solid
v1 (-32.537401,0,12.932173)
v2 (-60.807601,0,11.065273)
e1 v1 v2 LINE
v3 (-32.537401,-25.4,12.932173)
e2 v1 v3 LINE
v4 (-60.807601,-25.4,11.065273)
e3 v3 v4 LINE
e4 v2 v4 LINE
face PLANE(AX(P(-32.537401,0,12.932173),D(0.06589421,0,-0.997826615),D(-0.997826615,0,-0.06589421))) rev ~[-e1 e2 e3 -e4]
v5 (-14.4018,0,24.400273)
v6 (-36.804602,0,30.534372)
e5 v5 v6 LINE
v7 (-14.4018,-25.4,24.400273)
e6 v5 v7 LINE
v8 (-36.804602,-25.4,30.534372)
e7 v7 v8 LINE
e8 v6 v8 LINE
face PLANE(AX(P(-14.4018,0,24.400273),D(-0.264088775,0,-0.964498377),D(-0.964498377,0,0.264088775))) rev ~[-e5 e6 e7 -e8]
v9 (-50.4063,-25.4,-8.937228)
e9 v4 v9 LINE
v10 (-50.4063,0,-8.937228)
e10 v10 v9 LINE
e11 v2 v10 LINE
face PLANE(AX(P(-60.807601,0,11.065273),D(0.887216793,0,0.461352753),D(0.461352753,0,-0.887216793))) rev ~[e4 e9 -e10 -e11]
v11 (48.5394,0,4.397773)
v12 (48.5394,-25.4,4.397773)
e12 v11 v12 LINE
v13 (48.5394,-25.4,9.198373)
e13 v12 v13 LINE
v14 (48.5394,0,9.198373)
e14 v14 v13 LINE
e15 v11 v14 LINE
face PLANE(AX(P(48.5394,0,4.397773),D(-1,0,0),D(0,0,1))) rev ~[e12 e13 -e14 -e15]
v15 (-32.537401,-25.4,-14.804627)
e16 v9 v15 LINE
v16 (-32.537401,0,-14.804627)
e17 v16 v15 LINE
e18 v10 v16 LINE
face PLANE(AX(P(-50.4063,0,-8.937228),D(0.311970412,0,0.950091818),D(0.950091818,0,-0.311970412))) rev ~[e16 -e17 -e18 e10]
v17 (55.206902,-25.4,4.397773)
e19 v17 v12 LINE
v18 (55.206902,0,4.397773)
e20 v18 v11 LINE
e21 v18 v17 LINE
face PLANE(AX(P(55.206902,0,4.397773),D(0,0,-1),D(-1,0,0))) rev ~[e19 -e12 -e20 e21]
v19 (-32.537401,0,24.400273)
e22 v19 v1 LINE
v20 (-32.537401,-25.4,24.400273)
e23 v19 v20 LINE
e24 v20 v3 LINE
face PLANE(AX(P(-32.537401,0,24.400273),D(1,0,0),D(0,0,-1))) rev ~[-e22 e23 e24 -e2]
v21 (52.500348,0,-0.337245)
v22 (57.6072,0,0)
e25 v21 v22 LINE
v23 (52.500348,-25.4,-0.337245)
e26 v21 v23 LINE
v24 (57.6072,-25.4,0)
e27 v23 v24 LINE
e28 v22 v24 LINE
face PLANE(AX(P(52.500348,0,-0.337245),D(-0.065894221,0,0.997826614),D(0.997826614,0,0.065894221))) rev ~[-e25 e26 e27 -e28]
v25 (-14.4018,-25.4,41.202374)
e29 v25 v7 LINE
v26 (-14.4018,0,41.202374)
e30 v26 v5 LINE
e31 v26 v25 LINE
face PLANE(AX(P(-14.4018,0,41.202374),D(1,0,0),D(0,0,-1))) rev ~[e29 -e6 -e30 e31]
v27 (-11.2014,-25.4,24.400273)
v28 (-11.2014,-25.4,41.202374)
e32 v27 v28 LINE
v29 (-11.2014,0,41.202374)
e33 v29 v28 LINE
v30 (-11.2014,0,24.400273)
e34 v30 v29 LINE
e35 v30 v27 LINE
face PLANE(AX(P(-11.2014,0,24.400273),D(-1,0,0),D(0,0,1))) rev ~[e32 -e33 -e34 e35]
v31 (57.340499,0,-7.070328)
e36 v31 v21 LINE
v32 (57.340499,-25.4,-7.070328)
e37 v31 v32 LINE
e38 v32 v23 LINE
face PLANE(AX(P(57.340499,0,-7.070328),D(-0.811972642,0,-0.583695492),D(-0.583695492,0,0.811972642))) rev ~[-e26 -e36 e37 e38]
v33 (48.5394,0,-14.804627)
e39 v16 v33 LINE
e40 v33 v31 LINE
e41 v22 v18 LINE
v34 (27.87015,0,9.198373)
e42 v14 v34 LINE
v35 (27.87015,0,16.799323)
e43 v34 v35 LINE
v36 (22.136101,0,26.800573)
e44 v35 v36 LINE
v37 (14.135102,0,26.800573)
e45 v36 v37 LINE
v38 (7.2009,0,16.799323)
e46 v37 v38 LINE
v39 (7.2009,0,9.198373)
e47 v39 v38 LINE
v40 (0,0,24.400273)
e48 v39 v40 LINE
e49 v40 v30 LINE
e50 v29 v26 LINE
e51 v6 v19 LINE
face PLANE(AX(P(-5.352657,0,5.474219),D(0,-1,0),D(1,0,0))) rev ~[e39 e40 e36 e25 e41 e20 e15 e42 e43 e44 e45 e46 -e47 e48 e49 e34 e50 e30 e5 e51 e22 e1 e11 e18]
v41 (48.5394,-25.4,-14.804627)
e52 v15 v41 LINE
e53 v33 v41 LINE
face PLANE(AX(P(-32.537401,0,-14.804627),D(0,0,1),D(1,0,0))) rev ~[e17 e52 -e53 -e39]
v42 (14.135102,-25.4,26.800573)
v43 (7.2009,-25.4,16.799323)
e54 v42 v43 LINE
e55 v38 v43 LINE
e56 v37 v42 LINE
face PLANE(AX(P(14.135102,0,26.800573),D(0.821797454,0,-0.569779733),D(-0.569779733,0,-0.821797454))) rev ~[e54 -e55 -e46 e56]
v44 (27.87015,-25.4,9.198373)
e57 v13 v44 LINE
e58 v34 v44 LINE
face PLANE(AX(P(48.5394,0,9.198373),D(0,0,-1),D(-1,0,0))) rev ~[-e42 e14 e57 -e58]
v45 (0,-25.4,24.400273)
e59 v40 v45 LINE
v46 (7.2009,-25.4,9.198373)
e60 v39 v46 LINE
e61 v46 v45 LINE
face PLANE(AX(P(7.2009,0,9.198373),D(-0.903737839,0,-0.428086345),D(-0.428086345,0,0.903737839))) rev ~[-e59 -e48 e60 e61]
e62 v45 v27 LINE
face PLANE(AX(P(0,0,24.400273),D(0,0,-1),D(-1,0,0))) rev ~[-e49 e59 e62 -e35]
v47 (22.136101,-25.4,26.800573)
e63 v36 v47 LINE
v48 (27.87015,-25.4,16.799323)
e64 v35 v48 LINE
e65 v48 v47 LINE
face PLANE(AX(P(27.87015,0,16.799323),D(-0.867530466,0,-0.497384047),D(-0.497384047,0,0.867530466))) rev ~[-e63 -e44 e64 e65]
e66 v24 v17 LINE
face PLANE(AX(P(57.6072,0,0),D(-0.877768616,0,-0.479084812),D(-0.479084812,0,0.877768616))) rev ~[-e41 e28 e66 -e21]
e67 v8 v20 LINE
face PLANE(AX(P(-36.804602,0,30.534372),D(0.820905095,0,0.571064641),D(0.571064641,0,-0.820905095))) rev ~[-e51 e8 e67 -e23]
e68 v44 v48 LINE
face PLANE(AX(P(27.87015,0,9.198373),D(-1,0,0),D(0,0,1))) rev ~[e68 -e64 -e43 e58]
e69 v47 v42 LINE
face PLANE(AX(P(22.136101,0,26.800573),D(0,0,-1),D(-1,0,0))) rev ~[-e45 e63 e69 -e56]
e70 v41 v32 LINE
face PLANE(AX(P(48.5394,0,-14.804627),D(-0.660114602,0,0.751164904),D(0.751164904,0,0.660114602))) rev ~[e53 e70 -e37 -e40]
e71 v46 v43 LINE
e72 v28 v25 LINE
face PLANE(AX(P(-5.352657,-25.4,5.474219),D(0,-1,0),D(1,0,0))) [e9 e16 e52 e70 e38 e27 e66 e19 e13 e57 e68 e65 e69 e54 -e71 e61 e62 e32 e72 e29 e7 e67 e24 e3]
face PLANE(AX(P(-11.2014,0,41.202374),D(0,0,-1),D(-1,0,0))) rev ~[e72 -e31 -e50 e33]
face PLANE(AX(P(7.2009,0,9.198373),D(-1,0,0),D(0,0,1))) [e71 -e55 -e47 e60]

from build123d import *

# Parameters (mm, degrees)
F0_W     = 20.66925
F0_H     = 7.60095
F1_DEPTH = 25.4


with BuildPart() as f1:
    # F0 (on Front) → F1 (new body)
    with BuildSketch(Plane.XZ):
        Polygon((-32.537401, 12.932173), (-60.807601, 11.065273), (-50.4063, -8.937228), (-32.537401, -14.804627), (17.0688, -14.804627), (48.5394, -14.804627), (48.5394, 4.397773), (48.5394, 9.198373), (27.87015, 9.198373), (7.2009, 9.198373), (0, 24.400273), (-11.2014, 24.400273), (-11.2014, 41.202374), (-14.4018, 41.202374), (-14.4018, 24.400273), (-32.537401, 24.400273), align=None)
        Polygon((-36.804602, 30.534372), (-32.537401, 24.400273), (-14.4018, 24.400273), align=None)
        Polygon((48.5394, 4.397773), (48.5394, -14.804627), (57.340499, -7.070328), (52.500348, -0.337245), (57.6072, 0), (55.206902, 4.397773), align=None)
        with Locations((17.535525, 12.998848)):
            Rectangle(F0_W, F0_H)
        Polygon((7.2009, 16.799323), (27.87015, 16.799323), (22.136101, 26.800573), (14.135102, 26.800573), align=None)
    extrude(amount=F1_DEPTH)


solid = f1.part
